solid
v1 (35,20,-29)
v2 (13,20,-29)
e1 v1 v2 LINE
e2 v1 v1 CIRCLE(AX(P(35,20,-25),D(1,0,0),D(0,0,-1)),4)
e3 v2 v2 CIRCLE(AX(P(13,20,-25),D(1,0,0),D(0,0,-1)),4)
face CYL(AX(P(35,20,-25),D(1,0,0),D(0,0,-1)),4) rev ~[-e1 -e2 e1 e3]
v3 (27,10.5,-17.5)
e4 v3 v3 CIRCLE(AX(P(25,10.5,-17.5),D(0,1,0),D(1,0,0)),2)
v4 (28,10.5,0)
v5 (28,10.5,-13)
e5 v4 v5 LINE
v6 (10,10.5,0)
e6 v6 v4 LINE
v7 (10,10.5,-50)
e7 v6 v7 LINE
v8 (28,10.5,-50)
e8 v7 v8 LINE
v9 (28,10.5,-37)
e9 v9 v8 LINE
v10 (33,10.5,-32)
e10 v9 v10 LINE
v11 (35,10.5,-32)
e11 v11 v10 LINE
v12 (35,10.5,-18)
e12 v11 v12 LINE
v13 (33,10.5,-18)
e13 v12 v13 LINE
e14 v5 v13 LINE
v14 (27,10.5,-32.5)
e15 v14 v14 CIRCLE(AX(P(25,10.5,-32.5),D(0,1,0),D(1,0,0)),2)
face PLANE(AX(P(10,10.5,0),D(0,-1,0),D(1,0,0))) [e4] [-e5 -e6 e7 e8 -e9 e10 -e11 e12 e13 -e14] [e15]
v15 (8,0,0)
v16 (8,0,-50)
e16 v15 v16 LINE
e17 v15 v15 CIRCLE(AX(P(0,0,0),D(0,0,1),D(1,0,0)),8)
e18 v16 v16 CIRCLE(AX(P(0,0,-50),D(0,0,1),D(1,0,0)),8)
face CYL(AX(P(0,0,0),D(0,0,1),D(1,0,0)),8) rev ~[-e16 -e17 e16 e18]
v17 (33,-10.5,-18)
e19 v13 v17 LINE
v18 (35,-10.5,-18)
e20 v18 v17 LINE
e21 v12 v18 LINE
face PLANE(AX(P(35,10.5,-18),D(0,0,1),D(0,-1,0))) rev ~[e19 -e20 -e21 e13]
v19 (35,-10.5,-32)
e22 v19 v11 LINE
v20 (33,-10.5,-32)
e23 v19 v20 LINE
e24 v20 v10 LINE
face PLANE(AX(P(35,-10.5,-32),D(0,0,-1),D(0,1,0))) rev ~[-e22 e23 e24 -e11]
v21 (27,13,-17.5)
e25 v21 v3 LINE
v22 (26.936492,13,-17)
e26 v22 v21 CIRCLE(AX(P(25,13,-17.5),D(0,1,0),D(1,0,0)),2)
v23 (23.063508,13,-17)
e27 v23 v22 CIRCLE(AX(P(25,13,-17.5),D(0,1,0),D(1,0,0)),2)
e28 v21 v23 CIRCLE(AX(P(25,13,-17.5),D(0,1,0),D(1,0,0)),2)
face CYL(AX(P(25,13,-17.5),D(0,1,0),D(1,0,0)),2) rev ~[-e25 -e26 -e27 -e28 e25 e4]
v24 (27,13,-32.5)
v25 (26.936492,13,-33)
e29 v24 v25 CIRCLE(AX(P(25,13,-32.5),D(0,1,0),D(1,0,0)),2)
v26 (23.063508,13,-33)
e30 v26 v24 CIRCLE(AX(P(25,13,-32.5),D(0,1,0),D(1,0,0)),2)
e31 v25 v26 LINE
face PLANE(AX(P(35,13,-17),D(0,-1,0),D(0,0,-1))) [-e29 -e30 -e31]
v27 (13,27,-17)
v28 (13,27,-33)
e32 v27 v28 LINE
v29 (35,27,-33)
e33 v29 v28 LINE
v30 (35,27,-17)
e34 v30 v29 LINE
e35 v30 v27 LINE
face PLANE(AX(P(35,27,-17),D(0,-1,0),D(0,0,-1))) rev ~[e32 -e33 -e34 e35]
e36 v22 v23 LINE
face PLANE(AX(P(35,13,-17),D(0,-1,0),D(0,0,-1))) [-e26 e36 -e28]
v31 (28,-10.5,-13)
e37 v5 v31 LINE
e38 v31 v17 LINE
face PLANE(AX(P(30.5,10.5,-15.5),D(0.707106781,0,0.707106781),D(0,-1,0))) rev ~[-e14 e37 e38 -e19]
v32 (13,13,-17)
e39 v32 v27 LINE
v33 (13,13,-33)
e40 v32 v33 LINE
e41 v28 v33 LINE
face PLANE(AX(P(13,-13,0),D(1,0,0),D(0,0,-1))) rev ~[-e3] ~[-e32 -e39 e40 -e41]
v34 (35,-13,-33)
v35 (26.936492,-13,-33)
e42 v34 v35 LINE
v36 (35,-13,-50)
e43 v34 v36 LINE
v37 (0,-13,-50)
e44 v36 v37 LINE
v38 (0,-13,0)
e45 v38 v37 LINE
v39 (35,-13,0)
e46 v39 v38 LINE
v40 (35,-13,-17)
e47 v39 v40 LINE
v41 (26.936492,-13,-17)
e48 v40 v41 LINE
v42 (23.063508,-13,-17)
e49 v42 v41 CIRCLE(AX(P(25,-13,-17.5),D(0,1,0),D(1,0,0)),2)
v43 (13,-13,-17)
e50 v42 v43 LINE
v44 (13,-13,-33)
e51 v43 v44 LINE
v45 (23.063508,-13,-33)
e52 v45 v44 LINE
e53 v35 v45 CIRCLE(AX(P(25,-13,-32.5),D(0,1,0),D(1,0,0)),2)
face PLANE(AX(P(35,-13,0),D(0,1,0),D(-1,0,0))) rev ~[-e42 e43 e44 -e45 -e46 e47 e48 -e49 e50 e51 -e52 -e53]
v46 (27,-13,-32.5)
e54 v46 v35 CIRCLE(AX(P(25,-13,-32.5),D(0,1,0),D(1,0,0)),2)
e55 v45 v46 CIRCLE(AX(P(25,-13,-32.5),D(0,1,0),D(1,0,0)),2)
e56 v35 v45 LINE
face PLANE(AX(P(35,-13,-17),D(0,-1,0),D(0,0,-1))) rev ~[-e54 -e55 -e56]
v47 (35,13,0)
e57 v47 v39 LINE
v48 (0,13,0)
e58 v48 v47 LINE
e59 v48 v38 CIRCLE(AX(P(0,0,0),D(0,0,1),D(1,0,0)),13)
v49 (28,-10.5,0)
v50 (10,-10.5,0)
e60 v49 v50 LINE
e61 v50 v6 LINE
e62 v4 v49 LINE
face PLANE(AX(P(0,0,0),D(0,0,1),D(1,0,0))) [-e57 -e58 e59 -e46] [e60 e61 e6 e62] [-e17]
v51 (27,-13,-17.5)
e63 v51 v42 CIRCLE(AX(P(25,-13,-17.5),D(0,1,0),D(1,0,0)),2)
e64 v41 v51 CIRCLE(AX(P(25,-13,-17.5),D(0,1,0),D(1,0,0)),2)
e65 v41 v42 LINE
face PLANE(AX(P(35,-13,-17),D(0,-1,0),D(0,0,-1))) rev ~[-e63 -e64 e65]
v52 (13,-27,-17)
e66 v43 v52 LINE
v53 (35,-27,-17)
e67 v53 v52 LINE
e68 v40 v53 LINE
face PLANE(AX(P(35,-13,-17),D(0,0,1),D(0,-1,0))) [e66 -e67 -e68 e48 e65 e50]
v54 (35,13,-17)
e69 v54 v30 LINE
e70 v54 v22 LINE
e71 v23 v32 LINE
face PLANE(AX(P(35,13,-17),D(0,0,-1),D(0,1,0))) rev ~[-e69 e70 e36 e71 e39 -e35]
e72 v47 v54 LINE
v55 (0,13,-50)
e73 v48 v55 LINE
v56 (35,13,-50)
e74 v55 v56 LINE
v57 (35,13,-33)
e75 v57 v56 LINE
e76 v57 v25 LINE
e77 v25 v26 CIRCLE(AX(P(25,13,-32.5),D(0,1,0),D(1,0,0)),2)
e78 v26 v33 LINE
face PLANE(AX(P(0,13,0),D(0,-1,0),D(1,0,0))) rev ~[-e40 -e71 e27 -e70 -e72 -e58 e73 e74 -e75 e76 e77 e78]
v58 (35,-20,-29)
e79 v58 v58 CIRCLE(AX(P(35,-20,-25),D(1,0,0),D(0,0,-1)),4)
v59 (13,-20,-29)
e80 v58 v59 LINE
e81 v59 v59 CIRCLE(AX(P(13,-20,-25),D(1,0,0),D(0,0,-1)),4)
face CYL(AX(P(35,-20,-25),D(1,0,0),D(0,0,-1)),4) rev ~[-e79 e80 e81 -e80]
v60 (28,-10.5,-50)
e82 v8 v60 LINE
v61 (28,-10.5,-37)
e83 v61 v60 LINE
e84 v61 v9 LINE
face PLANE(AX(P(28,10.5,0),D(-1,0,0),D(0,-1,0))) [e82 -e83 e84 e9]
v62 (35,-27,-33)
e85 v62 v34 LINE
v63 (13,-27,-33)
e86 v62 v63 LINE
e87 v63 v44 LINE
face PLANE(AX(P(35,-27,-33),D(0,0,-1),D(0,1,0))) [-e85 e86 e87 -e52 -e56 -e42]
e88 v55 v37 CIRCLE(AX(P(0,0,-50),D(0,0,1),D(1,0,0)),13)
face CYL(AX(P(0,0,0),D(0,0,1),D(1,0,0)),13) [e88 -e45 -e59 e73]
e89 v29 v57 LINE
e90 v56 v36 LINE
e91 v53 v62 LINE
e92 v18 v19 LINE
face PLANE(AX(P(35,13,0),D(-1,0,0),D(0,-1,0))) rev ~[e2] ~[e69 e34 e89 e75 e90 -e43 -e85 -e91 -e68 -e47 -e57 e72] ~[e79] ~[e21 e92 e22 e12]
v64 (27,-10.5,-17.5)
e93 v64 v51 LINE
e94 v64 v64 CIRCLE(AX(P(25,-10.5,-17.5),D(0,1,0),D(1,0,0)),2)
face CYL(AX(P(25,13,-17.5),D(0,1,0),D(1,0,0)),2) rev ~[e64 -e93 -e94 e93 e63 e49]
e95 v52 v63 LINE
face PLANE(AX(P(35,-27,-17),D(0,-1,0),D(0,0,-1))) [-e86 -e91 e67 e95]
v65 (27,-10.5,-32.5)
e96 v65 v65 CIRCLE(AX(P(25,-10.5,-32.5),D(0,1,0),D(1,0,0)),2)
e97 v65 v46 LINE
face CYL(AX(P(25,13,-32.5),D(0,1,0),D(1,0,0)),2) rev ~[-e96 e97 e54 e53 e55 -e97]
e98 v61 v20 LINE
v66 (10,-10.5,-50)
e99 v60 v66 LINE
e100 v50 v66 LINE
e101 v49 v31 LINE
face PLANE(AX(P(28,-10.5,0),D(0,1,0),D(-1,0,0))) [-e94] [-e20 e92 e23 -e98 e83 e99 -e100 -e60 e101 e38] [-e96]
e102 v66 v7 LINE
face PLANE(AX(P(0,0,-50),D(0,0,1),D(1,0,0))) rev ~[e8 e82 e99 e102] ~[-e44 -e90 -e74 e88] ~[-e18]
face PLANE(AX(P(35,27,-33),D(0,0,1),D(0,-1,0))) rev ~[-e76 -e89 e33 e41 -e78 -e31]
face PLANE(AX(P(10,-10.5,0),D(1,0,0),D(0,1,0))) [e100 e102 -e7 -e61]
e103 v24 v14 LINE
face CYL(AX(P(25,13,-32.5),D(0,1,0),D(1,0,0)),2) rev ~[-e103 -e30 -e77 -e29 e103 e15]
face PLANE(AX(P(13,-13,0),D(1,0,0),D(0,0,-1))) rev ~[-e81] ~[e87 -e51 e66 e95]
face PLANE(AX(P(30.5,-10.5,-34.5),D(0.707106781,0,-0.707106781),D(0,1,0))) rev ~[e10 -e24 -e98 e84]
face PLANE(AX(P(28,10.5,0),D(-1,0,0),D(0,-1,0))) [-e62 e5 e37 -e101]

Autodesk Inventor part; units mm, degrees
ref_plane "YZ Plane" through (0, 0, 0) normal (1, 0, 0) x (0, 1, 0)
ref_plane "XZ Plane" through (0, 0, 0) normal (0, 1, 0) x (-1, 0, 0)
ref_plane "XY Plane" through (0, 0, 0) normal (0, 0, 1) x (1, 0, 0)
sketch "Sketch1" plane through (0, 0, 0) normal (0, 0, 1) x (1, 0, 0)
  circle A0 centre (0, 0) radius 8
  circle A1 centre (0, 0) radius 13
  line L0 (0, 13) -> (35, 13)
  line L1 (35, 13) -> (35, -13)
  line L2 (35, -13) -> (0, -13)
  dimension "d0" = 16
  dimension "d1" = 26
  dimension "d2" = 48
extrude "Extrusion1" add sketch "Sketch1" against normal blind 50
sketch "Sketch2" plane through (0, 0, 0) normal (0, 0, 1) x (1, 0, 0)
  circle A0 centre (0, 0) radius 8 projected
  line L0 (35, 13) -> (0, 13) projected
  line L1 (10, 10.5) -> (28, 10.5)
  line L2 (28, 10.5) -> (28, -10.5)
  line L3 (28, -10.5) -> (10, -10.5)
  line L4 (10, -10.5) -> (10, 10.5)
  dimension "d5" = 18
  dimension "d6" = 21
  dimension "d7" = 10
  dimension "d8" = 2.5
extrude "Extrusion2" cut sketch "Sketch2" against normal up to surface (50 mm away) contours L1 L2 L3 L4
sketch "Sketch3" plane through (0, 13, 0) normal (0, 1, 0) x (1, 0, 0)
  line L0 (0, 50) -> (35, 50) projected
  line L1 (0, 0) -> (0, 50) projected
  circle A0 centre (25, 32.5) radius 2
  circle A1 centre (25, 17.5) radius 2
  line L2 (-8, 50) -> (8, 50) projected
  line L3 (8, 0) -> (-8, 0) projected
  dimension "d11" = 4
  dimension "d12" = 4
  dimension "d13" = 15
  dimension "d14" = 25
  dimension "d15" = 17.5
extrude "Extrusion3" cut sketch "Sketch3" along normal blind 50 and the other way blind 29.25
sketch "Sketch4" plane through (35, -13, 0) normal (1, 0, 0) x (0, 0, -1)
  line L0 (0, 0) -> (0, 26) projected
  line L1 (0, 0) -> (50, 0) projected
  line L2 (18, 2.5) -> (32, 2.5)
  line L3 (32, 2.5) -> (32, 23.5)
  line L4 (32, 23.5) -> (18, 23.5)
  line L5 (18, 23.5) -> (18, 2.5)
  point P0 (0, 13)
  dimension "d20" = 14
  dimension "d21" = 21
  dimension "d22" = 18
  dimension "d23" = 2.5
extrude "Extrusion4" cut sketch "Sketch4" against normal up to surface (7 mm away)
chamfer "Chamfer1" distance 5 angle 45 2 edges at (28, 0, -32) (28, 0, -18)
sketch "Sketch5" plane through (35, -13, 0) normal (1, 0, 0) x (0, 0, -1)
  line L0 (0, 0) -> (50, 0) projected
  line L1 (50, 26) -> (50, 0) projected
  line L2 (0, 26) -> (50, 26) projected
  circle A0 centre (25, 33) radius 4
  circle A1 centre (25, -7) radius 4
  line L3 (0, 26) -> (50, 26) projected
  line L4 (17, 26) -> (17, 40)
  line L5 (17, 40) -> (33, 40)
  line L6 (33, 40) -> (33, 26)
  line L7 (0, 0) -> (50, 0) projected
  line L8 (17, 0) -> (17, -14)
  line L9 (17, -14) -> (33, -14)
  line L10 (33, -14) -> (33, 0)
  point P0 (0, 13)
  dimension "d29" = 8
  dimension "d30" = 8
  dimension "d31" = 25
  dimension "d32" = 40
  dimension "d33" = 7
  dimension "d34" = 14
  dimension "d35" = 14
  dimension "d36" = 8
  dimension "d37" = 8
extrude "Extrusion5" add sketch "Sketch5" against normal blind 22
properties part number "XEndTop"
